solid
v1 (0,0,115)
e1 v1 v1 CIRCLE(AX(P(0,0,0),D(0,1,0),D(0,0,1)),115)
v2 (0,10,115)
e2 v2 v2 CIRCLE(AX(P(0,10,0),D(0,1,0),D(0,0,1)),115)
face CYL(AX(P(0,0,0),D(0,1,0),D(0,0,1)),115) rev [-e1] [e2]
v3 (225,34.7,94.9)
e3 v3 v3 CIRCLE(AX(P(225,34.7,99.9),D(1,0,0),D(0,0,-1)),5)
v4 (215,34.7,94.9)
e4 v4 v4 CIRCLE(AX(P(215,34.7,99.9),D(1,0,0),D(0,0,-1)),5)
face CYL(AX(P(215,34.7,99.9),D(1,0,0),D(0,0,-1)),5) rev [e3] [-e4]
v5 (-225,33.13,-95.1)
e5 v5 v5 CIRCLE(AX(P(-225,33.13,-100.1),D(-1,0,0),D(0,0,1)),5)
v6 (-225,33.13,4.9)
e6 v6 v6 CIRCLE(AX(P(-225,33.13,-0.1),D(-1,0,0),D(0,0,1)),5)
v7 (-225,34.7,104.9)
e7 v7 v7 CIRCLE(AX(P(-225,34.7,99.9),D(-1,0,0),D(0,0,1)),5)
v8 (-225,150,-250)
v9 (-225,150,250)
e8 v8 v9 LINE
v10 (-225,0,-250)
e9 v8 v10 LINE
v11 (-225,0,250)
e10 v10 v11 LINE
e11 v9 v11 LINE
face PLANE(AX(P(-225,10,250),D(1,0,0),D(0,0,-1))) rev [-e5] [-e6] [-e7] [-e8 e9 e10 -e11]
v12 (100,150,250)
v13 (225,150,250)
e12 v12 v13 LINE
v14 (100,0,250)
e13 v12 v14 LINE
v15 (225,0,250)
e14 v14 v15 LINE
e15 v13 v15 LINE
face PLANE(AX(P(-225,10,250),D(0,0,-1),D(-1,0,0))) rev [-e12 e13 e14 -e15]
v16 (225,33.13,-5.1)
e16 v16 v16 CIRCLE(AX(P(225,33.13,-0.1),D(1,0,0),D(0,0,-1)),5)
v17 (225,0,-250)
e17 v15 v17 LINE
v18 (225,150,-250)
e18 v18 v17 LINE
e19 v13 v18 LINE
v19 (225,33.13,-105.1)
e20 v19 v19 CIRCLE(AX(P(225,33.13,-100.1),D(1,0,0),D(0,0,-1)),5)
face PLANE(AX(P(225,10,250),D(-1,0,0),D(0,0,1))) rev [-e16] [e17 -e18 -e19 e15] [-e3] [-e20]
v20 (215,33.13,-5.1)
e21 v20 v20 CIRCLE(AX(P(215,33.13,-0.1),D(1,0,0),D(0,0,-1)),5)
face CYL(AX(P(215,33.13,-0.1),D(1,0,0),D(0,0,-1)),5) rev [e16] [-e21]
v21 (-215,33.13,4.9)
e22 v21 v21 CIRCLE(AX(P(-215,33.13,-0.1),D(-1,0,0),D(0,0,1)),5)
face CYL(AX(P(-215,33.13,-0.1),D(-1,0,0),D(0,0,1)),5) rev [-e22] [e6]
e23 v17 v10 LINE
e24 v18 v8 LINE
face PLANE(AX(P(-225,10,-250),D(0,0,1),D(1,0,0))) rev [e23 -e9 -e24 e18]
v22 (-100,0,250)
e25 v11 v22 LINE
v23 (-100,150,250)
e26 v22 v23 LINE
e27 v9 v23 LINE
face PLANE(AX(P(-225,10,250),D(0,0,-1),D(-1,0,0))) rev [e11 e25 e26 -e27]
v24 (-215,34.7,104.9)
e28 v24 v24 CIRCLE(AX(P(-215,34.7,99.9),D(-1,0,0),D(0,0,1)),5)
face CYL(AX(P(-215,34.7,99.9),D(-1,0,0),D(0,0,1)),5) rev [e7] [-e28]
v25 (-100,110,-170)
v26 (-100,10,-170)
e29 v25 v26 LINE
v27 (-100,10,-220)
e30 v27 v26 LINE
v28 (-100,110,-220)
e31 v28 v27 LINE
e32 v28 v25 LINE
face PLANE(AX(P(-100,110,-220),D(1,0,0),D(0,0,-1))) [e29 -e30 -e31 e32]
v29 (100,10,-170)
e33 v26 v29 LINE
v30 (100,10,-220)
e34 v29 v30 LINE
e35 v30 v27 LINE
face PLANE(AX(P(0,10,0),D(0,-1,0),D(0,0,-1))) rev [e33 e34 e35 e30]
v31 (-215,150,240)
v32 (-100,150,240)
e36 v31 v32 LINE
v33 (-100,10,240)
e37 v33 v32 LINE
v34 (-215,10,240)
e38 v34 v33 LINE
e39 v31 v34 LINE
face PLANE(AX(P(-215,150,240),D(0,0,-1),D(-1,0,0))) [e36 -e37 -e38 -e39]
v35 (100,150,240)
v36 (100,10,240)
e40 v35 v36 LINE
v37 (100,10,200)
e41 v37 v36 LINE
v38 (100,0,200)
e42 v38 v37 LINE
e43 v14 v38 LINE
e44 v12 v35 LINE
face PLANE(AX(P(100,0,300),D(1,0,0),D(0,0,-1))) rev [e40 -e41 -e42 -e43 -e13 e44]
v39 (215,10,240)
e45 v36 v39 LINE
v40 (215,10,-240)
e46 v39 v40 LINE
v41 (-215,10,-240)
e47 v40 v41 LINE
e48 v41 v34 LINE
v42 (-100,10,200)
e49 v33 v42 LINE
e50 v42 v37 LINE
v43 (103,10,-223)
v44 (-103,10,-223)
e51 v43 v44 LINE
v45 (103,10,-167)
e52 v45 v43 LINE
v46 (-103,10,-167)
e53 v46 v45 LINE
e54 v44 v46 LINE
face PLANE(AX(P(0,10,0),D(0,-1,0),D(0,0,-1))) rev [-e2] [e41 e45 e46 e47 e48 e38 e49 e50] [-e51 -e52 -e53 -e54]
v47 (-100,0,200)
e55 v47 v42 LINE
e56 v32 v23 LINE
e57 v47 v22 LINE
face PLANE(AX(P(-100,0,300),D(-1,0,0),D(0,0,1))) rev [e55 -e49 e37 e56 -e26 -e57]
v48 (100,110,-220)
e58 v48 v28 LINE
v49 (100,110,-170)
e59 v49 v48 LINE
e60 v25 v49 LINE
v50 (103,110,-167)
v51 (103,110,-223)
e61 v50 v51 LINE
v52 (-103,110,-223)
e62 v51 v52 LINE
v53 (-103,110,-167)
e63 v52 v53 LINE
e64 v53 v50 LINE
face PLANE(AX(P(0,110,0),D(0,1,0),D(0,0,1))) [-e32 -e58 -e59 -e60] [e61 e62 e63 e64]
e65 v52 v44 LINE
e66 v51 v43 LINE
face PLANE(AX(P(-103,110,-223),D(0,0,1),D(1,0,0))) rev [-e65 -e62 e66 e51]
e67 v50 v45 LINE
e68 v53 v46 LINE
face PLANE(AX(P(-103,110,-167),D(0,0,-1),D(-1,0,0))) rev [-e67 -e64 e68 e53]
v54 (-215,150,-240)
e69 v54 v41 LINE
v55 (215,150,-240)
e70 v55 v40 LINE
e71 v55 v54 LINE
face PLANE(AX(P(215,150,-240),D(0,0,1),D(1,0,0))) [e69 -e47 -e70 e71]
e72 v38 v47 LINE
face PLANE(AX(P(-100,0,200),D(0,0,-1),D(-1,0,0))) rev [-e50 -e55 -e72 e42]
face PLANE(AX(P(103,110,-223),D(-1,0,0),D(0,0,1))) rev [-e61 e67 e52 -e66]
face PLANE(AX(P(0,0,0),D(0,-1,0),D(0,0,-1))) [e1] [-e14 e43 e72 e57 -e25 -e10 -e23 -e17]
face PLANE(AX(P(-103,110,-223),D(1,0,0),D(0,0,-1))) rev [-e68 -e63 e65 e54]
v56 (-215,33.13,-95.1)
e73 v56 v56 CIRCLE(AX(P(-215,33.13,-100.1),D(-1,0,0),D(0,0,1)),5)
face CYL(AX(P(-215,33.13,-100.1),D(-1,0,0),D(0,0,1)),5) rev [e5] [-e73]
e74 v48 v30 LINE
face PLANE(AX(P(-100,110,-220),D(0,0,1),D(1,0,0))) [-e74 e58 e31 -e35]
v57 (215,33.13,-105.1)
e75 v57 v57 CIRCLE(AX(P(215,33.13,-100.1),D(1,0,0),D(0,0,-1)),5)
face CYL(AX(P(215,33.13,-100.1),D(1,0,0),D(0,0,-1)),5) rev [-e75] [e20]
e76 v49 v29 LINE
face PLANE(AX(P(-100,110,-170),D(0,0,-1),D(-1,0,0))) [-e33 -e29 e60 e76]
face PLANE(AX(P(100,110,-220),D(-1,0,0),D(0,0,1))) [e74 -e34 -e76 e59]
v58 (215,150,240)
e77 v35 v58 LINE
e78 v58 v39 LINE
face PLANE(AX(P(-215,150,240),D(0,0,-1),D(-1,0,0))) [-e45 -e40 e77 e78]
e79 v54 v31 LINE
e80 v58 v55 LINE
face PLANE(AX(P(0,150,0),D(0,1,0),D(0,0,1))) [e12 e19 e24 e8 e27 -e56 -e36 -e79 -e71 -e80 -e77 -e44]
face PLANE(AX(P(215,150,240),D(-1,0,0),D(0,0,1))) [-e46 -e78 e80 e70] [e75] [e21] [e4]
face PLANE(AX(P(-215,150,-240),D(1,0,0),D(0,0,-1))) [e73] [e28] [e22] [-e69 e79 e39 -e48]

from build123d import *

# Parameters (mm, degrees)
SKETCH1_W           = 450
SKETCH1_H           = 500
BOSS_EXTRUDE1_DEPTH = 10
SKETCH2_W           = 450
SKETCH2_H           = 500
SKETCH2_W_2         = 430
SKETCH2_H_2         = 480
BOSS_EXTRUDE2_DEPTH = 140
SKETCH3_R           = 115
CUT_EXTRUDE1_DEPTH  = 10
SKETCH5_W           = 200
SKETCH5_H           = 100
CUT_EXTRUDE3_DEPTH  = 369.272996566
SKETCH6_R           = 5
CUT_EXTRUDE4_DEPTH  = 10
CUT_EXTRUDE5_START  = -10
SKETCH7_R           = 5
CUT_EXTRUDE5_DEPTH  = 10
SKETCH8_W           = 206
SKETCH8_H           = 56
SKETCH8_W_2         = 200
SKETCH8_H_2         = 50
BOSS_EXTRUDE3_DEPTH = 100


with BuildPart() as part:
    # Sketch1 → Boss-Extrude1 (new body)
    with BuildSketch(Plane(origin=(0, 0, 0), x_dir=(1, 0, 0), z_dir=(0, 1, 0))):
        Rectangle(SKETCH1_W, SKETCH1_H)
    extrude(amount=BOSS_EXTRUDE1_DEPTH)

    # Sketch2 → Boss-Extrude2 (add)
    with BuildSketch(Plane(origin=(0, 10, 0), x_dir=(1, 0, 0), z_dir=(0, 1, 0))):
        Rectangle(SKETCH2_W, SKETCH2_H)
        Rectangle(SKETCH2_W_2, SKETCH2_H_2, mode=Mode.SUBTRACT)
    extrude(amount=BOSS_EXTRUDE2_DEPTH)

    # Sketch3 → Cut-Extrude1 (cut)
    with BuildSketch(Plane(origin=(0, 10, 0), x_dir=(1, 0, 0), z_dir=(0, 1, 0))):
        with Locations(Location((0, 0, 0), (0, 0, 270))):
            Circle(SKETCH3_R)
    extrude(amount=-CUT_EXTRUDE1_DEPTH, mode=Mode.SUBTRACT)

    # Sketch5 → Cut-Extrude3 (cut, through all)
    with BuildSketch(Plane(origin=(0, 150, 0), x_dir=(1, 0, 0), z_dir=(0, 1, 0))):
        with Locations((0, -250)):
            Rectangle(SKETCH5_W, SKETCH5_H)
    extrude(amount=-CUT_EXTRUDE3_DEPTH, mode=Mode.SUBTRACT)

    # Sketch6 → Cut-Extrude4 (cut)
    with BuildSketch(Plane(origin=(225, 0, 0), x_dir=(0, 0, -1), z_dir=(1, 0, 0))):
        with Locations((-99.9, 34.7)):
            Circle(SKETCH6_R)
        with Locations((0.1, 33.13)):
            Circle(SKETCH6_R)
        with Locations((100.1, 33.13)):
            Circle(SKETCH6_R)
    extrude(amount=-CUT_EXTRUDE4_DEPTH, mode=Mode.SUBTRACT)

    # Sketch7 → Cut-Extrude5 (cut)
    with BuildSketch(Plane.ZY.offset(225).offset(CUT_EXTRUDE5_START)):
        with Locations(Location((-100.1, 33.13, 0), (0, 0, 180))):
            Circle(SKETCH7_R)
        with Locations(Location((-0.1, 33.13, 0), (0, 0, 180))):
            Circle(SKETCH7_R)
        with Locations(Location((99.9, 34.7, 0), (0, 0, 180))):
            Circle(SKETCH7_R)
    extrude(amount=CUT_EXTRUDE5_DEPTH, mode=Mode.SUBTRACT)

    # Sketch8 → Boss-Extrude3 (add)
    with BuildSketch(Plane(origin=(0, 10, 0), x_dir=(1, 0, 0), z_dir=(0, 1, 0))):
        with Locations((0, 195)):
            Rectangle(SKETCH8_W, SKETCH8_H)
        with Locations((0, 195)):
            Rectangle(SKETCH8_W_2, SKETCH8_H_2, mode=Mode.SUBTRACT)
    extrude(amount=BOSS_EXTRUDE3_DEPTH)


solid = part.part
